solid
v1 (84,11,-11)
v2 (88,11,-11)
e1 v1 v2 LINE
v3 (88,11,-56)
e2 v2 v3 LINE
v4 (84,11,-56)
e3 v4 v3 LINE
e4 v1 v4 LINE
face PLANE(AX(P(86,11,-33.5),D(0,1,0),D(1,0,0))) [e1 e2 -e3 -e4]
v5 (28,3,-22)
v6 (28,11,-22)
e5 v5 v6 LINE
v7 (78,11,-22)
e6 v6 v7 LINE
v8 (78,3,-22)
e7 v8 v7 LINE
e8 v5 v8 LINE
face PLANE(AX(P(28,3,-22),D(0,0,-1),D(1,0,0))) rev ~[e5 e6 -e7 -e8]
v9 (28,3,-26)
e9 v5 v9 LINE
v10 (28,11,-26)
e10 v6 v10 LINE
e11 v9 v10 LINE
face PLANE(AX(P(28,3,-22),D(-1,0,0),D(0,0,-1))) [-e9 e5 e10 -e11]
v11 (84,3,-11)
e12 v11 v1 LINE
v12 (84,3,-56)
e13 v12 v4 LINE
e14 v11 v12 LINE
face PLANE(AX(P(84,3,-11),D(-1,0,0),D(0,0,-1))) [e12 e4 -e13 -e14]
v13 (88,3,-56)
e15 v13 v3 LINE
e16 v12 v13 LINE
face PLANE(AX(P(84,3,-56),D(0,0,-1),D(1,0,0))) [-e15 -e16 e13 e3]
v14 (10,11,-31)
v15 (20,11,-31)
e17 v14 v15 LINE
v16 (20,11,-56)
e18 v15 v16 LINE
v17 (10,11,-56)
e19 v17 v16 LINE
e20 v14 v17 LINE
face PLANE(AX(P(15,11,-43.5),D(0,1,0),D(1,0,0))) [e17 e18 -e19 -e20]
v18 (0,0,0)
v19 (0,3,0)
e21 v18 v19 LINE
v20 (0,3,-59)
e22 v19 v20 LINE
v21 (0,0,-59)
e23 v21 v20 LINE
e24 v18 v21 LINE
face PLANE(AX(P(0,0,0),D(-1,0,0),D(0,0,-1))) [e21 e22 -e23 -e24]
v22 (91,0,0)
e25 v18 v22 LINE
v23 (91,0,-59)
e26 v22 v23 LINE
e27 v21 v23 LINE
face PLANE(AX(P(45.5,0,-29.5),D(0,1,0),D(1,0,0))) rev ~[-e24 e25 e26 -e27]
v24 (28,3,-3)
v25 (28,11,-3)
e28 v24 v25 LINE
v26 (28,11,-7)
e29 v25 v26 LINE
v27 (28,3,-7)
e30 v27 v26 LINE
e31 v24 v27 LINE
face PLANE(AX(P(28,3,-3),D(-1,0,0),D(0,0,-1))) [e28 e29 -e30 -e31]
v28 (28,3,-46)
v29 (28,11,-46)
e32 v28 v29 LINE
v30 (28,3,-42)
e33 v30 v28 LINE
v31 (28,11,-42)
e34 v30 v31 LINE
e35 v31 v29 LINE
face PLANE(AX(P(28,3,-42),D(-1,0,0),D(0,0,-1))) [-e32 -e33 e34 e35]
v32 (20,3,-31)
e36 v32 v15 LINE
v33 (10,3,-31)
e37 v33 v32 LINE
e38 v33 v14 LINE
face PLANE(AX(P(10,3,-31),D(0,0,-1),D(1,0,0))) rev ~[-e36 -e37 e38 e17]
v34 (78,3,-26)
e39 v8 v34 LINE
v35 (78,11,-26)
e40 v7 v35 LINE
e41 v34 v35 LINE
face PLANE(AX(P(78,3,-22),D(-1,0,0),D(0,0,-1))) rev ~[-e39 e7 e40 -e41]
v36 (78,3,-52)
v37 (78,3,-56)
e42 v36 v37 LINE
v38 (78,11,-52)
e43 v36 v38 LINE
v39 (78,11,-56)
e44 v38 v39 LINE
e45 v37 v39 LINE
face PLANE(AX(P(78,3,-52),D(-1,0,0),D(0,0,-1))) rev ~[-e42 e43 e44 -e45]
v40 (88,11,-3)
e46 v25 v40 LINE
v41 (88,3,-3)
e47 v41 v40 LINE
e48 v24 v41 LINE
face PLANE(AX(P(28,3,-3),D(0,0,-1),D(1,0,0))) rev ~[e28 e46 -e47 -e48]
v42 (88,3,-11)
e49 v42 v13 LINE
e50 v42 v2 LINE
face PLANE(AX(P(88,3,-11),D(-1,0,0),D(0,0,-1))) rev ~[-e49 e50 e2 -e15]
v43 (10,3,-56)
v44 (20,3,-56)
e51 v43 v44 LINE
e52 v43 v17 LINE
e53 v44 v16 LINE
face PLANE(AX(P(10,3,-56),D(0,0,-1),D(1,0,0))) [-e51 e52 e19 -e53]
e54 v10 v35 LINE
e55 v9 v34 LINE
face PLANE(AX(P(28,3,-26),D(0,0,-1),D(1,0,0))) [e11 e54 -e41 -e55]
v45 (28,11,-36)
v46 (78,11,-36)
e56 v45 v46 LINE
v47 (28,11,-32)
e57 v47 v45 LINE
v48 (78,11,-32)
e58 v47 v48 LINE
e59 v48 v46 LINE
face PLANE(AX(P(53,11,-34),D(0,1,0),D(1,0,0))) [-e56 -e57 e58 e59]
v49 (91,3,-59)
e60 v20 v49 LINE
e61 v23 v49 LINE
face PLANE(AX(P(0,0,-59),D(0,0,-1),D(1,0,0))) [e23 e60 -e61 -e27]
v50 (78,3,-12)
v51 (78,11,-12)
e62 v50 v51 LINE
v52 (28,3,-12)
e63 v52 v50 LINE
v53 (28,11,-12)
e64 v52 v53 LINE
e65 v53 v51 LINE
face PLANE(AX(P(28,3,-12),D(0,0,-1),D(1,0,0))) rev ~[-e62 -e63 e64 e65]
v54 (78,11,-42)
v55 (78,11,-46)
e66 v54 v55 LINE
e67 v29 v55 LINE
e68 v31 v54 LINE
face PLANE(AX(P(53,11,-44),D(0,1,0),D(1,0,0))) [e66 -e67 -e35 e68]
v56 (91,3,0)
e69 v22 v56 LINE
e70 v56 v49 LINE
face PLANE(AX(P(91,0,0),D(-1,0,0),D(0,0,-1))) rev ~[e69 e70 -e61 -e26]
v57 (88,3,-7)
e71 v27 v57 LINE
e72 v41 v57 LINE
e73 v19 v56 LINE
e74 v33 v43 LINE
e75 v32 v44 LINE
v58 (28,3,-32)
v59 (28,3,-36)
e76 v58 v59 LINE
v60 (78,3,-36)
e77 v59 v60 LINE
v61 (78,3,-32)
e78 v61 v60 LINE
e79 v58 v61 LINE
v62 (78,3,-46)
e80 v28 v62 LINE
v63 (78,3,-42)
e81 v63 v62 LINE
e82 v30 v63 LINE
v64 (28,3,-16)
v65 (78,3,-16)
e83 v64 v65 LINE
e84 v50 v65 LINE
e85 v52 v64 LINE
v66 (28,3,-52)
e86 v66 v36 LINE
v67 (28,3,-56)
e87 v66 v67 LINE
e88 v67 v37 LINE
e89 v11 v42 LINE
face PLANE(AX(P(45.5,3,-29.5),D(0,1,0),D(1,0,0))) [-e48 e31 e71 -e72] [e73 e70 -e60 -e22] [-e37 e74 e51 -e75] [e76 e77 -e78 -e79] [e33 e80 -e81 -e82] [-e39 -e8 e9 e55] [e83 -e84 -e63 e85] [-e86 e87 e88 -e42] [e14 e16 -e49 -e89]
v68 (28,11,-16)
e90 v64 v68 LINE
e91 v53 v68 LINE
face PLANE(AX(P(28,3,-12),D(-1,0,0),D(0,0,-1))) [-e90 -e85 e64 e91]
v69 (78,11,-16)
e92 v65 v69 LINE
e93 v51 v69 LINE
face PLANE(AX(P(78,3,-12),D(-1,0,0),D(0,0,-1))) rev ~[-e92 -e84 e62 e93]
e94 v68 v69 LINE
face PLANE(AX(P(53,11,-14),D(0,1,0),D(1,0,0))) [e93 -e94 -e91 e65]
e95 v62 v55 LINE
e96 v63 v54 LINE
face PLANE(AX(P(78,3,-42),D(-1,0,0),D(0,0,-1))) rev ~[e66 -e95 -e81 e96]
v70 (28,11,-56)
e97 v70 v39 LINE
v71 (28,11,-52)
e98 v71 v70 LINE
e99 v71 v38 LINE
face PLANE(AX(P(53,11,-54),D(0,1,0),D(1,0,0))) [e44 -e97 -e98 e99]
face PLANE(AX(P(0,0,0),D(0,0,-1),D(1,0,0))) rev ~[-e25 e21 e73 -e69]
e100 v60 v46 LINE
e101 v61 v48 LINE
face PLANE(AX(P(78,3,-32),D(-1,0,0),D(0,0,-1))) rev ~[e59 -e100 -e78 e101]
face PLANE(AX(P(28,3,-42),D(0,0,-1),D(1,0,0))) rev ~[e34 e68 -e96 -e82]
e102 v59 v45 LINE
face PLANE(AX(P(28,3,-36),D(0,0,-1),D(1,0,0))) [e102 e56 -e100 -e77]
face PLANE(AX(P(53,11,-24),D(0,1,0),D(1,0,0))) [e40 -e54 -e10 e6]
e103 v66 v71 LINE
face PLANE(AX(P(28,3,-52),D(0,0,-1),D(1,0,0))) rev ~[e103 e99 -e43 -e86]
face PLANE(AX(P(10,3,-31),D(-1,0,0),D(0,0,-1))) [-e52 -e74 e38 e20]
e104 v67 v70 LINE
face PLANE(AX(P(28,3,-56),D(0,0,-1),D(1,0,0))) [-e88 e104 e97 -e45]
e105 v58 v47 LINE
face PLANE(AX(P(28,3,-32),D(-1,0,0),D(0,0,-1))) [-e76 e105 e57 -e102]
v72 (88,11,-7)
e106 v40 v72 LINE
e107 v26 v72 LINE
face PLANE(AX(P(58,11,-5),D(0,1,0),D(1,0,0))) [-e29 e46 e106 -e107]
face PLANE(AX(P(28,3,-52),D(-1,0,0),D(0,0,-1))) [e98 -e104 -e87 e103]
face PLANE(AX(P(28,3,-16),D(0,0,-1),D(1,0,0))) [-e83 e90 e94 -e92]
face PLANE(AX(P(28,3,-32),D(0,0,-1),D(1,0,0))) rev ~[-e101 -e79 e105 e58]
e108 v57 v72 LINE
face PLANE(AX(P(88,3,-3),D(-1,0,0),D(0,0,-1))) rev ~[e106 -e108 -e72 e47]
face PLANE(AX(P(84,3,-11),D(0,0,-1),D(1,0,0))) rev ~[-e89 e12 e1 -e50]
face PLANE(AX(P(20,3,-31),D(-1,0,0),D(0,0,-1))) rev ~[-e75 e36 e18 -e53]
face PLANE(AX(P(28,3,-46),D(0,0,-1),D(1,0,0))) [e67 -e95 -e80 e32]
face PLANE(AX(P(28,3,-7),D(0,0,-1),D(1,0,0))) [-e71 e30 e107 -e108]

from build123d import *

# Parameters (mm, degrees)
SKETCH1_W           = 91
SKETCH1_H           = 59
BOSS_EXTRUDE1_DEPTH = 3
SKETCH2_W           = 10
SKETCH2_H           = 25
SKETCH2_W_2         = 50
SKETCH2_H_2         = 4
SKETCH2_W_3         = 4
SKETCH2_H_3         = 45
SKETCH2_W_4         = 60
BOSS_EXTRUDE2_DEPTH = 8


with BuildPart() as part:
    # Sketch1 → Boss-Extrude1 (new body)
    with BuildSketch(Plane(origin=(0, 0, 0), x_dir=(1, 0, 0), z_dir=(0, 1, 0))):
        with Locations((45.5, 29.5)):
            Rectangle(SKETCH1_W, SKETCH1_H)
    extrude(amount=BOSS_EXTRUDE1_DEPTH)

    # Sketch2 → Boss-Extrude2 (add)
    with BuildSketch(Plane(origin=(0, 3, 0), x_dir=(1, 0, 0), z_dir=(0, 1, 0))):
        with Locations((15, 43.5)):
            Rectangle(SKETCH2_W, SKETCH2_H)
        with Locations((53, 54)):
            Rectangle(SKETCH2_W_2, SKETCH2_H_2)
        with Locations((86, 33.5)):
            Rectangle(SKETCH2_W_3, SKETCH2_H_3)
        with Locations((58, 5)):
            Rectangle(SKETCH2_W_4, SKETCH2_H_2)
        with Locations((53, 44)):
            Rectangle(SKETCH2_W_2, SKETCH2_H_2)
        with Locations((53, 34)):
            Rectangle(SKETCH2_W_2, SKETCH2_H_2)
        with Locations((53, 24)):
            Rectangle(SKETCH2_W_2, SKETCH2_H_2)
        with Locations((53, 14)):
            Rectangle(SKETCH2_W_2, SKETCH2_H_2)
    extrude(amount=BOSS_EXTRUDE2_DEPTH)


solid = part.part
